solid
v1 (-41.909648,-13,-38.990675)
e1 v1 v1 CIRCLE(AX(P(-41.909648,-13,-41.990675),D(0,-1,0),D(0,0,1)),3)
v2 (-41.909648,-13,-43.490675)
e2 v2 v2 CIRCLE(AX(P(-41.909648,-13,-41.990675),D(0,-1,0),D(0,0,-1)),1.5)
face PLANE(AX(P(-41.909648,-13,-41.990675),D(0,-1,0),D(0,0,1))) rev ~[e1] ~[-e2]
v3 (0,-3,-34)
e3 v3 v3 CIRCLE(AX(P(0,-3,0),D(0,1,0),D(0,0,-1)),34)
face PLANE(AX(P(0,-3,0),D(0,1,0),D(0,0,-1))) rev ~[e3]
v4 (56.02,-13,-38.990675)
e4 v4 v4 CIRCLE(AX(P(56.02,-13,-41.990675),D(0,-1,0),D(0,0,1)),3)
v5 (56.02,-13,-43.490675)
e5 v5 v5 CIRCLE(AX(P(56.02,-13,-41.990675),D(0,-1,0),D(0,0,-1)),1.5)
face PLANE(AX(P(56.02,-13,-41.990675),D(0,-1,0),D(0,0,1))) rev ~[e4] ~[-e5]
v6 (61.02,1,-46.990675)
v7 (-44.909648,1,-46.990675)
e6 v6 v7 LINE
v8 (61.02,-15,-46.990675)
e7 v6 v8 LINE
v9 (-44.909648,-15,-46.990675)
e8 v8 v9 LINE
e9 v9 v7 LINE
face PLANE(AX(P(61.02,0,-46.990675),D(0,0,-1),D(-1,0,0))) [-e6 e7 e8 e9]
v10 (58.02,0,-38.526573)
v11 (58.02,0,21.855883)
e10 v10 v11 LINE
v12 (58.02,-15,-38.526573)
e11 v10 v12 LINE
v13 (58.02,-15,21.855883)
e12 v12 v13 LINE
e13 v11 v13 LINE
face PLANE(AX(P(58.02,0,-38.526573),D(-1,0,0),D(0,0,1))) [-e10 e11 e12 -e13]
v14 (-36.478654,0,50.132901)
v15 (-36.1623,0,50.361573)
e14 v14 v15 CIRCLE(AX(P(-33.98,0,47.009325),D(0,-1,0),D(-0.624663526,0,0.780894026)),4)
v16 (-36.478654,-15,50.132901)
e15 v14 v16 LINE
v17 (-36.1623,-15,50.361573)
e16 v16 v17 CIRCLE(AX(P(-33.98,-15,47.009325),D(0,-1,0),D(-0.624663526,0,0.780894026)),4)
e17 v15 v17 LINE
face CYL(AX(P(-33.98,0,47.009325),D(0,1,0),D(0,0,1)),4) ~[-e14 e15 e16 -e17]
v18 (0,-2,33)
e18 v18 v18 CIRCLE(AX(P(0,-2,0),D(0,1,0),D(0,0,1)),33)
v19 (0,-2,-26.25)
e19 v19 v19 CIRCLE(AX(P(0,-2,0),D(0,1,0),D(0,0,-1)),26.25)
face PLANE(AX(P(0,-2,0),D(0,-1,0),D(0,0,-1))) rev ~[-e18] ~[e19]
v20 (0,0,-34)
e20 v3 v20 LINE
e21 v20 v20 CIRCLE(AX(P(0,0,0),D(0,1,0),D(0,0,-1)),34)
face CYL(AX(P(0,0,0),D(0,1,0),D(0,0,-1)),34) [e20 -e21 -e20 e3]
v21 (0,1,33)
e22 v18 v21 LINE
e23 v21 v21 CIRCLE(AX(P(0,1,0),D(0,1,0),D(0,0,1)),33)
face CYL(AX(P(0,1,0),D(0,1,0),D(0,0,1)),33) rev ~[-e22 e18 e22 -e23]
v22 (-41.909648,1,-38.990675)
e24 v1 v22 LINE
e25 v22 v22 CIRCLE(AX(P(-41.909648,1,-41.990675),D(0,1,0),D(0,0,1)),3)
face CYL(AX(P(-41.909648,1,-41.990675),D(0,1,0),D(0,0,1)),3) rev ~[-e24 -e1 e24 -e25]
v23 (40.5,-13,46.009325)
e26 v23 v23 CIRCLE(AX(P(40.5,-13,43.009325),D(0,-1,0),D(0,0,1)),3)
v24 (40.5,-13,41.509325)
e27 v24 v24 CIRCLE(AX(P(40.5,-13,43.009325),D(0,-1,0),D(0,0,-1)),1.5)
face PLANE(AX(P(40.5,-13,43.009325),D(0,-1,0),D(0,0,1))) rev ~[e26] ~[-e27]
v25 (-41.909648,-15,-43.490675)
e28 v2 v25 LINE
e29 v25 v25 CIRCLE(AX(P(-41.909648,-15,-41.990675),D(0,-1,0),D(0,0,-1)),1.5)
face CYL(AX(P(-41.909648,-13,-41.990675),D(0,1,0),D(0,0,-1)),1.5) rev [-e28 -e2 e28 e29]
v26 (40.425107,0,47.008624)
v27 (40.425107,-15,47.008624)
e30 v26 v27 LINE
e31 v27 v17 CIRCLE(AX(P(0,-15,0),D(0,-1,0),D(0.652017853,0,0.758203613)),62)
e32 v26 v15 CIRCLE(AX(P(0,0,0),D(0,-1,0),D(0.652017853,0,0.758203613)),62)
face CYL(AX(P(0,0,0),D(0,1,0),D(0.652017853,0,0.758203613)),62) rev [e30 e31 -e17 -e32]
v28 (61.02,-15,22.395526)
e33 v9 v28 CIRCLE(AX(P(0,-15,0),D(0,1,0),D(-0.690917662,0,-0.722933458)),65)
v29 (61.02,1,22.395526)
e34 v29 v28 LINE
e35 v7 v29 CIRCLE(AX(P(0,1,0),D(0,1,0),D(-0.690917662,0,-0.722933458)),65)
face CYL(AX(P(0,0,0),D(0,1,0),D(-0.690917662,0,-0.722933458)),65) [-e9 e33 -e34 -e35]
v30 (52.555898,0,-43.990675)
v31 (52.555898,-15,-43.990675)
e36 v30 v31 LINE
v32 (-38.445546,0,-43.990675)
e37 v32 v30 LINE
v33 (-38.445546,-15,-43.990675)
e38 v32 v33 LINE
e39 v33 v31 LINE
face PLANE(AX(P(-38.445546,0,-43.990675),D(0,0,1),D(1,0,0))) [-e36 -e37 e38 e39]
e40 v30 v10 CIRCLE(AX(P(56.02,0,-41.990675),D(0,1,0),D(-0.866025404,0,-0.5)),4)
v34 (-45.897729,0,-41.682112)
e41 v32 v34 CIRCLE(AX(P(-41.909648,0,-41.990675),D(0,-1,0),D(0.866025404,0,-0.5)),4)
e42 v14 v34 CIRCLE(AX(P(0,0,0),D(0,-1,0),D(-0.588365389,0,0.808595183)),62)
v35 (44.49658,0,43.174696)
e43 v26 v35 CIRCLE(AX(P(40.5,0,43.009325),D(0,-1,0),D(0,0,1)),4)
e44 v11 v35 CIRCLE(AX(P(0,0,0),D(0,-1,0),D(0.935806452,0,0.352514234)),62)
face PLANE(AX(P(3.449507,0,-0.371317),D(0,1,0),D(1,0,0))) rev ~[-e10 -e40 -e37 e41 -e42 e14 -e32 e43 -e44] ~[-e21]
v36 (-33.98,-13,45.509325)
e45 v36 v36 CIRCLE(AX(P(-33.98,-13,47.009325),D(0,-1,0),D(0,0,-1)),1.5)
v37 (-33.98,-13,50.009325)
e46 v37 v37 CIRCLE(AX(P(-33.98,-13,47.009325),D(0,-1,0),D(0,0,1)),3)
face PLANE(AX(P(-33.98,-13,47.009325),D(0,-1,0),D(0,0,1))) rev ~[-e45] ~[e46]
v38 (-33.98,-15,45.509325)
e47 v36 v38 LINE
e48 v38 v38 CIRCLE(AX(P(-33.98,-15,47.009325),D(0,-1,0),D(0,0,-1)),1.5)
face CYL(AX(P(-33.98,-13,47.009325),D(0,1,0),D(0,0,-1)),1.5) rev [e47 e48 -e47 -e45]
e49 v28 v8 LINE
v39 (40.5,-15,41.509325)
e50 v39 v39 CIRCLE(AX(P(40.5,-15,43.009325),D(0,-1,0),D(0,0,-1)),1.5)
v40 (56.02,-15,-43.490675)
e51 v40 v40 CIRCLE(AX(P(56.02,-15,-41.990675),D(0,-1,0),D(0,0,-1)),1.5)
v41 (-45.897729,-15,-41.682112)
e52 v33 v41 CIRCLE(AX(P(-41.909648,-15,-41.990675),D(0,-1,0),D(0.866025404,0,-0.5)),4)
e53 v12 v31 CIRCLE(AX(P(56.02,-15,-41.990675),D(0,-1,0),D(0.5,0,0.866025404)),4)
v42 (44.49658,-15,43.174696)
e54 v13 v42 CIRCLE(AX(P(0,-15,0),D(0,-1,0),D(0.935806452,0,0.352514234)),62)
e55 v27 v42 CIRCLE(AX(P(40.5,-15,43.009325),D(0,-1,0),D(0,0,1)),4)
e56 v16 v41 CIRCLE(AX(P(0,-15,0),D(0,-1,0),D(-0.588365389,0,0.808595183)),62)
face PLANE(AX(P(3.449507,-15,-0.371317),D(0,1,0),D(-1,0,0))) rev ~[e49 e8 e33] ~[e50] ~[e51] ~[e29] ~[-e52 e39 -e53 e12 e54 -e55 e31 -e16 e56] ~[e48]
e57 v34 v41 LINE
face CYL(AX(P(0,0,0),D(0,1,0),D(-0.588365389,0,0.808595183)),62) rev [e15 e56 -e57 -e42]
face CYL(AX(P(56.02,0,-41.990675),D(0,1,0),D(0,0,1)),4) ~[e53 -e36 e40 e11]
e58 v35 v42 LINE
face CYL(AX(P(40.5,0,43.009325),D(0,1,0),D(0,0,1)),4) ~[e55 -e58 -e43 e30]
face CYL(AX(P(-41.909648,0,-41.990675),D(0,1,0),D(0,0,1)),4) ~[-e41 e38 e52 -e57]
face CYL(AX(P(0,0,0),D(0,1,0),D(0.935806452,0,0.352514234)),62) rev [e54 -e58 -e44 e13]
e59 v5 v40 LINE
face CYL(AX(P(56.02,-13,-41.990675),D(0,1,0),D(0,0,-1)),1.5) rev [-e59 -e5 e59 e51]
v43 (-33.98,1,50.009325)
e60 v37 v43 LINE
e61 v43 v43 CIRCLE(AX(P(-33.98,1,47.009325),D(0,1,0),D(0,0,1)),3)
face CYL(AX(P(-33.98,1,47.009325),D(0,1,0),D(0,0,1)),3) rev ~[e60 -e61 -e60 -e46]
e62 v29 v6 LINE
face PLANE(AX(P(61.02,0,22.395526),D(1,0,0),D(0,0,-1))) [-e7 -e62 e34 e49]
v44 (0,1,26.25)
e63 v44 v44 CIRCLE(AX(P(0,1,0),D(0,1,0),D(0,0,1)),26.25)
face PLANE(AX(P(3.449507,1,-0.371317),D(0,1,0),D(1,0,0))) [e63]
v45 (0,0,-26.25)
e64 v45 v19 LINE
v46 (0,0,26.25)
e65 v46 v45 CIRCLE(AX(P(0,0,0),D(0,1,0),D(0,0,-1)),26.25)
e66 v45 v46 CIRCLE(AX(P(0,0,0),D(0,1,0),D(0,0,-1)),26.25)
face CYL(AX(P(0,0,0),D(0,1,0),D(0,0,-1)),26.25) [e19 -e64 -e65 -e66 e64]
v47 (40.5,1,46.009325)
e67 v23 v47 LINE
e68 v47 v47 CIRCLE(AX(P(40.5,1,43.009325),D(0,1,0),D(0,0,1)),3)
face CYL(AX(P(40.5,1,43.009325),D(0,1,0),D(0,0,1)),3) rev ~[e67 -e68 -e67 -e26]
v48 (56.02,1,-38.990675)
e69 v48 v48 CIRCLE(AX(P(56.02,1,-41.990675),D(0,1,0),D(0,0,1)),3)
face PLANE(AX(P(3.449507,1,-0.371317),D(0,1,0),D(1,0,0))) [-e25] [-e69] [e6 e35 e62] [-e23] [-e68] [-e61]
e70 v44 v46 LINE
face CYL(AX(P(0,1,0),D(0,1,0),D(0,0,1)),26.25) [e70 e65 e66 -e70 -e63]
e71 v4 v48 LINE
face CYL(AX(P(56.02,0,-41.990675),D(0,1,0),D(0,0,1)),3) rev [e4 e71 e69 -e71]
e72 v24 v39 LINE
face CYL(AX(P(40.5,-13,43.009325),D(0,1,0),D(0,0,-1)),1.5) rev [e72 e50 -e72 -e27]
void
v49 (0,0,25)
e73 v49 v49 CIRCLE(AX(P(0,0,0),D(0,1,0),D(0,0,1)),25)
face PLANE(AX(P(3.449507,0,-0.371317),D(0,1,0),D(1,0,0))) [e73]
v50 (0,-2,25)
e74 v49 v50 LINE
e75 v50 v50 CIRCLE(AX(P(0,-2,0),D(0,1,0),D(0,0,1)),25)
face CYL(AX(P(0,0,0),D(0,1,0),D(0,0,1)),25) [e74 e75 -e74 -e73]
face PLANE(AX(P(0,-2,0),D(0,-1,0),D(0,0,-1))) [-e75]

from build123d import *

# Parameters (mm, degrees)
BOSS_EXTRUDE1_DEPTH = 1
CUT_EXTRUDE1_REACH  = 93.929
SKETCH2_R           = 3
SKETCH3_R           = 4
SKETCH3_R_2         = 3
BOSS_EXTRUDE2_DEPTH = 15
BOSS_EXTRUDE3_START = -2
SKETCH4_R           = 3
SKETCH4_R_2         = 1.5
BOSS_EXTRUDE3_DEPTH = 2
BOSS_EXTRUDE4_DEPTH = 15
SKETCH8_R           = 34
SKETCH8_R_2         = 33
SKETCH8_R_3         = 26.25
SKETCH8_R_4         = 25
BOSS_EXTRUDE5_DEPTH = 3
BOSS_EXTRUDE6_START = -1
SKETCH9_R           = 34
BOSS_EXTRUDE6_DEPTH = 1
SKETCH10_R          = 33
SKETCH10_R_2        = 26.25
CUT_EXTRUDE6_DEPTH  = 1


with BuildPart() as part:
    # Sketch1 → Boss-Extrude1 (new body)
    with BuildSketch(Plane(origin=(0, 0, 0), x_dir=(1, 0, 0), z_dir=(0, 1, 0))):
        with BuildLine():
            Line((61.02, 46.990674783), (-44.909648, 46.990674783))
            ThreePointArc((-44.909648, 46.990674783), (-35.615966741, -54.373733669), (61.02, -22.395526339))
            Line((61.02, -22.395526339), (61.02, 46.990674783))
        make_face()
    extrude(amount=BOSS_EXTRUDE1_DEPTH)

    # Sketch2 → Cut-Extrude1 (cut, up to next)
    with BuildSketch(Plane(origin=(0, 1, 0), x_dir=(1, 0, 0), z_dir=(0, 1, 0)), mode=Mode.PRIVATE) as cut_extrude1_sk1:
        with Locations(Location((-41.909648, 41.990674783, 0), (0, 0, 270))):
            Circle(SKETCH2_R)
    cut_extrude1_tool1 = extrude(cut_extrude1_sk1.sketch, amount=-CUT_EXTRUDE1_REACH, mode=Mode.PRIVATE) & part.part
    # Sketch2 → Cut-Extrude1 (cut, up to next)
    with BuildSketch(Plane(origin=(0, 1, 0), x_dir=(1, 0, 0), z_dir=(0, 1, 0)), mode=Mode.PRIVATE) as cut_extrude1_sk2:
        with Locations(Location((56.02, 41.990674783, 0), (0, 0, 270))):
            Circle(SKETCH2_R)
    cut_extrude1_tool2 = extrude(cut_extrude1_sk2.sketch, amount=-CUT_EXTRUDE1_REACH, mode=Mode.PRIVATE) & part.part
    # Sketch2 → Cut-Extrude1 (cut, up to next)
    with BuildSketch(Plane(origin=(0, 1, 0), x_dir=(1, 0, 0), z_dir=(0, 1, 0)), mode=Mode.PRIVATE) as cut_extrude1_sk3:
        with Locations(Location((40.5, -43.009325217, 0), (0, 0, 270))):
            Circle(SKETCH2_R)
    cut_extrude1_tool3 = extrude(cut_extrude1_sk3.sketch, amount=-CUT_EXTRUDE1_REACH, mode=Mode.PRIVATE) & part.part
    # Sketch2 → Cut-Extrude1 (cut, up to next)
    with BuildSketch(Plane(origin=(0, 1, 0), x_dir=(1, 0, 0), z_dir=(0, 1, 0)), mode=Mode.PRIVATE) as cut_extrude1_sk4:
        with Locations(Location((-33.98, -47.009325217, 0), (0, 0, 270))):
            Circle(SKETCH2_R)
    cut_extrude1_tool4 = extrude(cut_extrude1_sk4.sketch, amount=-CUT_EXTRUDE1_REACH, mode=Mode.PRIVATE) & part.part
    add(cut_extrude1_tool1.solids().sort_by_distance((-41.909648, 1, -41.990675))[0], mode=Mode.SUBTRACT)
    add(cut_extrude1_tool2.solids().sort_by_distance((56.02, 1, -41.990675))[0], mode=Mode.SUBTRACT)
    add(cut_extrude1_tool3.solids().sort_by_distance((40.5, 1, 43.009325))[0], mode=Mode.SUBTRACT)
    add(cut_extrude1_tool4.solids().sort_by_distance((-33.98, 1, 47.009325))[0], mode=Mode.SUBTRACT)

    # Sketch3 → Boss-Extrude2 (add)
    # profile 1 of 4: a face of its own
    with BuildSketch(Plane.XZ):
        with Locations(Location((56.02, -41.990674783, 0), (0, 0, 90))):
            Circle(SKETCH3_R)
        with Locations(Location((56.02, -41.990674783, 0), (0, 0, 90))):
            Circle(SKETCH3_R_2, mode=Mode.SUBTRACT)
    # profile 2 of 4: a face of its own
    with BuildSketch(Plane.XZ):
        with Locations(Location((-41.909648, -41.990674783, 0), (0, 0, 90))):
            Circle(SKETCH3_R)
        with Locations(Location((-41.909648, -41.990674783, 0), (0, 0, 90))):
            Circle(SKETCH3_R_2, mode=Mode.SUBTRACT)
    # profile 3 of 4: a face of its own
    with BuildSketch(Plane.XZ):
        with Locations(Location((40.5, 43.009325217, 0), (0, 0, 90))):
            Circle(SKETCH3_R)
        with Locations(Location((40.5, 43.009325217, 0), (0, 0, 90))):
            Circle(SKETCH3_R_2, mode=Mode.SUBTRACT)
    # profile 4 of 4: a face of its own
    with BuildSketch(Plane.XZ):
        with Locations(Location((-33.98, 47.009325217, 0), (0, 0, 90))):
            Circle(SKETCH3_R)
        with Locations(Location((-33.98, 47.009325217, 0), (0, 0, 90))):
            Circle(SKETCH3_R_2, mode=Mode.SUBTRACT)
    extrude(amount=BOSS_EXTRUDE2_DEPTH)

    # Sketch4 → Boss-Extrude3 (add)
    # profile 1 of 4: a face of its own
    with BuildSketch(Plane.XZ.offset(15).offset(BOSS_EXTRUDE3_START)):
        with Locations(Location((56.02, -41.990674783, 0), (0, 0, 90))):
            Circle(SKETCH4_R)
        with Locations(Location((56.02, -41.990674783, 0), (0, 0, 270))):
            Circle(SKETCH4_R_2, mode=Mode.SUBTRACT)
    # profile 2 of 4: a face of its own
    with BuildSketch(Plane.XZ.offset(15).offset(BOSS_EXTRUDE3_START)):
        with Locations(Location((-41.909648, -41.990674783, 0), (0, 0, 90))):
            Circle(SKETCH4_R)
        with Locations(Location((-41.909648, -41.990674783, 0), (0, 0, 270))):
            Circle(SKETCH4_R_2, mode=Mode.SUBTRACT)
    # profile 3 of 4: a face of its own
    with BuildSketch(Plane.XZ.offset(15).offset(BOSS_EXTRUDE3_START)):
        with Locations(Location((-33.98, 47.009325217, 0), (0, 0, 90))):
            Circle(SKETCH4_R)
        with Locations(Location((-33.98, 47.009325217, 0), (0, 0, 270))):
            Circle(SKETCH4_R_2, mode=Mode.SUBTRACT)
    # profile 4 of 4: a face of its own
    with BuildSketch(Plane.XZ.offset(15).offset(BOSS_EXTRUDE3_START)):
        with Locations(Location((40.5, 43.009325217, 0), (0, 0, 90))):
            Circle(SKETCH4_R)
        with Locations(Location((40.5, 43.009325217, 0), (0, 0, 270))):
            Circle(SKETCH4_R_2, mode=Mode.SUBTRACT)
    extrude(amount=BOSS_EXTRUDE3_DEPTH)

    # Sketch5 → Boss-Extrude4 (add)
    with BuildSketch(Plane.XZ):
        with BuildLine():
            Line((61.02, -46.990674783), (-44.909648, -46.990674783))
            ThreePointArc((-44.909648, -46.990674783), (-35.615966741, 54.373733669), (61.02, 22.395526339))
            Line((61.02, 22.395526339), (61.02, -46.990674783))
        make_face()
        with BuildLine():
            Line((-38.445546385, -43.990674783), (52.555898385, -43.990674783))
            ThreePointArc((52.555898385, -43.990674783), (58.848427125, -44.819101907), (58.02, -38.526573168))
            Line((58.02, -38.526573168), (58.02, 21.855882503))
            ThreePointArc((58.02, 21.855882503), (52.354897092, 33.210913123), (44.496580109, 43.174695814))
            ThreePointArc((44.496580109, 43.174695814), (43.242199594, 45.921427789), (40.425106883, 47.008624034))
            ThreePointArc((40.425106883, 47.008624034), (2.711724037, 61.940669618), (-36.162300139, 50.361573136))
            ThreePointArc((-36.162300139, 50.361573136), (-36.323268199, 50.25109852), (-36.478654103, 50.132901321))
            ThreePointArc((-36.478654103, 50.132901321), (-61.676302569, 6.327219087), (-45.897728888, -41.682112265))
            ThreePointArc((-45.897728888, -41.682112265), (-43.093288061, -45.811538063), (-38.445546385, -43.990674783))
        make_face(mode=Mode.SUBTRACT)
    extrude(amount=BOSS_EXTRUDE4_DEPTH)

    # Sketch8 → Boss-Extrude5 (add)
    # profile 1 of 2: a face of its own
    with BuildSketch(Plane(origin=(0, 0, 0), x_dir=(1, 0, 0), z_dir=(0, 1, 0))):
        with Locations(Location((0, 0, 0), (0, 0, 90))):
            Circle(SKETCH8_R)
        with Locations(Location((0, 0, 0), (0, 0, 270))):
            Circle(SKETCH8_R_2, mode=Mode.SUBTRACT)
    # profile 2 of 2: a face of its own
    with BuildSketch(Plane(origin=(0, 0, 0), x_dir=(1, 0, 0), z_dir=(0, 1, 0))):
        with Locations(Location((0, 0, 0), (0, 0, 90))):
            Circle(SKETCH8_R_3)
        with Locations(Location((0, 0, 0), (0, 0, 270))):
            Circle(SKETCH8_R_4, mode=Mode.SUBTRACT)
    extrude(amount=-BOSS_EXTRUDE5_DEPTH)

    # Sketch9 → Boss-Extrude6 (add)
    with BuildSketch(Plane.XZ.offset(3).offset(BOSS_EXTRUDE6_START)):
        with Locations(Location((0, 0, 0), (0, 0, 270))):
            Circle(SKETCH9_R)
    extrude(amount=BOSS_EXTRUDE6_DEPTH)

    # Sketch10 → Cut-Extrude6 (cut)
    with BuildSketch(Plane(origin=(0, 1, 0), x_dir=(1, 0, 0), z_dir=(0, 1, 0))):
        with Locations(Location((0, 0, 0), (0, 0, 270))):
            Circle(SKETCH10_R)
        with Locations(Location((0, 0, 0), (0, 0, 270))):
            Circle(SKETCH10_R_2, mode=Mode.SUBTRACT)
    extrude(amount=-CUT_EXTRUDE6_DEPTH, mode=Mode.SUBTRACT)


solid = part.part
